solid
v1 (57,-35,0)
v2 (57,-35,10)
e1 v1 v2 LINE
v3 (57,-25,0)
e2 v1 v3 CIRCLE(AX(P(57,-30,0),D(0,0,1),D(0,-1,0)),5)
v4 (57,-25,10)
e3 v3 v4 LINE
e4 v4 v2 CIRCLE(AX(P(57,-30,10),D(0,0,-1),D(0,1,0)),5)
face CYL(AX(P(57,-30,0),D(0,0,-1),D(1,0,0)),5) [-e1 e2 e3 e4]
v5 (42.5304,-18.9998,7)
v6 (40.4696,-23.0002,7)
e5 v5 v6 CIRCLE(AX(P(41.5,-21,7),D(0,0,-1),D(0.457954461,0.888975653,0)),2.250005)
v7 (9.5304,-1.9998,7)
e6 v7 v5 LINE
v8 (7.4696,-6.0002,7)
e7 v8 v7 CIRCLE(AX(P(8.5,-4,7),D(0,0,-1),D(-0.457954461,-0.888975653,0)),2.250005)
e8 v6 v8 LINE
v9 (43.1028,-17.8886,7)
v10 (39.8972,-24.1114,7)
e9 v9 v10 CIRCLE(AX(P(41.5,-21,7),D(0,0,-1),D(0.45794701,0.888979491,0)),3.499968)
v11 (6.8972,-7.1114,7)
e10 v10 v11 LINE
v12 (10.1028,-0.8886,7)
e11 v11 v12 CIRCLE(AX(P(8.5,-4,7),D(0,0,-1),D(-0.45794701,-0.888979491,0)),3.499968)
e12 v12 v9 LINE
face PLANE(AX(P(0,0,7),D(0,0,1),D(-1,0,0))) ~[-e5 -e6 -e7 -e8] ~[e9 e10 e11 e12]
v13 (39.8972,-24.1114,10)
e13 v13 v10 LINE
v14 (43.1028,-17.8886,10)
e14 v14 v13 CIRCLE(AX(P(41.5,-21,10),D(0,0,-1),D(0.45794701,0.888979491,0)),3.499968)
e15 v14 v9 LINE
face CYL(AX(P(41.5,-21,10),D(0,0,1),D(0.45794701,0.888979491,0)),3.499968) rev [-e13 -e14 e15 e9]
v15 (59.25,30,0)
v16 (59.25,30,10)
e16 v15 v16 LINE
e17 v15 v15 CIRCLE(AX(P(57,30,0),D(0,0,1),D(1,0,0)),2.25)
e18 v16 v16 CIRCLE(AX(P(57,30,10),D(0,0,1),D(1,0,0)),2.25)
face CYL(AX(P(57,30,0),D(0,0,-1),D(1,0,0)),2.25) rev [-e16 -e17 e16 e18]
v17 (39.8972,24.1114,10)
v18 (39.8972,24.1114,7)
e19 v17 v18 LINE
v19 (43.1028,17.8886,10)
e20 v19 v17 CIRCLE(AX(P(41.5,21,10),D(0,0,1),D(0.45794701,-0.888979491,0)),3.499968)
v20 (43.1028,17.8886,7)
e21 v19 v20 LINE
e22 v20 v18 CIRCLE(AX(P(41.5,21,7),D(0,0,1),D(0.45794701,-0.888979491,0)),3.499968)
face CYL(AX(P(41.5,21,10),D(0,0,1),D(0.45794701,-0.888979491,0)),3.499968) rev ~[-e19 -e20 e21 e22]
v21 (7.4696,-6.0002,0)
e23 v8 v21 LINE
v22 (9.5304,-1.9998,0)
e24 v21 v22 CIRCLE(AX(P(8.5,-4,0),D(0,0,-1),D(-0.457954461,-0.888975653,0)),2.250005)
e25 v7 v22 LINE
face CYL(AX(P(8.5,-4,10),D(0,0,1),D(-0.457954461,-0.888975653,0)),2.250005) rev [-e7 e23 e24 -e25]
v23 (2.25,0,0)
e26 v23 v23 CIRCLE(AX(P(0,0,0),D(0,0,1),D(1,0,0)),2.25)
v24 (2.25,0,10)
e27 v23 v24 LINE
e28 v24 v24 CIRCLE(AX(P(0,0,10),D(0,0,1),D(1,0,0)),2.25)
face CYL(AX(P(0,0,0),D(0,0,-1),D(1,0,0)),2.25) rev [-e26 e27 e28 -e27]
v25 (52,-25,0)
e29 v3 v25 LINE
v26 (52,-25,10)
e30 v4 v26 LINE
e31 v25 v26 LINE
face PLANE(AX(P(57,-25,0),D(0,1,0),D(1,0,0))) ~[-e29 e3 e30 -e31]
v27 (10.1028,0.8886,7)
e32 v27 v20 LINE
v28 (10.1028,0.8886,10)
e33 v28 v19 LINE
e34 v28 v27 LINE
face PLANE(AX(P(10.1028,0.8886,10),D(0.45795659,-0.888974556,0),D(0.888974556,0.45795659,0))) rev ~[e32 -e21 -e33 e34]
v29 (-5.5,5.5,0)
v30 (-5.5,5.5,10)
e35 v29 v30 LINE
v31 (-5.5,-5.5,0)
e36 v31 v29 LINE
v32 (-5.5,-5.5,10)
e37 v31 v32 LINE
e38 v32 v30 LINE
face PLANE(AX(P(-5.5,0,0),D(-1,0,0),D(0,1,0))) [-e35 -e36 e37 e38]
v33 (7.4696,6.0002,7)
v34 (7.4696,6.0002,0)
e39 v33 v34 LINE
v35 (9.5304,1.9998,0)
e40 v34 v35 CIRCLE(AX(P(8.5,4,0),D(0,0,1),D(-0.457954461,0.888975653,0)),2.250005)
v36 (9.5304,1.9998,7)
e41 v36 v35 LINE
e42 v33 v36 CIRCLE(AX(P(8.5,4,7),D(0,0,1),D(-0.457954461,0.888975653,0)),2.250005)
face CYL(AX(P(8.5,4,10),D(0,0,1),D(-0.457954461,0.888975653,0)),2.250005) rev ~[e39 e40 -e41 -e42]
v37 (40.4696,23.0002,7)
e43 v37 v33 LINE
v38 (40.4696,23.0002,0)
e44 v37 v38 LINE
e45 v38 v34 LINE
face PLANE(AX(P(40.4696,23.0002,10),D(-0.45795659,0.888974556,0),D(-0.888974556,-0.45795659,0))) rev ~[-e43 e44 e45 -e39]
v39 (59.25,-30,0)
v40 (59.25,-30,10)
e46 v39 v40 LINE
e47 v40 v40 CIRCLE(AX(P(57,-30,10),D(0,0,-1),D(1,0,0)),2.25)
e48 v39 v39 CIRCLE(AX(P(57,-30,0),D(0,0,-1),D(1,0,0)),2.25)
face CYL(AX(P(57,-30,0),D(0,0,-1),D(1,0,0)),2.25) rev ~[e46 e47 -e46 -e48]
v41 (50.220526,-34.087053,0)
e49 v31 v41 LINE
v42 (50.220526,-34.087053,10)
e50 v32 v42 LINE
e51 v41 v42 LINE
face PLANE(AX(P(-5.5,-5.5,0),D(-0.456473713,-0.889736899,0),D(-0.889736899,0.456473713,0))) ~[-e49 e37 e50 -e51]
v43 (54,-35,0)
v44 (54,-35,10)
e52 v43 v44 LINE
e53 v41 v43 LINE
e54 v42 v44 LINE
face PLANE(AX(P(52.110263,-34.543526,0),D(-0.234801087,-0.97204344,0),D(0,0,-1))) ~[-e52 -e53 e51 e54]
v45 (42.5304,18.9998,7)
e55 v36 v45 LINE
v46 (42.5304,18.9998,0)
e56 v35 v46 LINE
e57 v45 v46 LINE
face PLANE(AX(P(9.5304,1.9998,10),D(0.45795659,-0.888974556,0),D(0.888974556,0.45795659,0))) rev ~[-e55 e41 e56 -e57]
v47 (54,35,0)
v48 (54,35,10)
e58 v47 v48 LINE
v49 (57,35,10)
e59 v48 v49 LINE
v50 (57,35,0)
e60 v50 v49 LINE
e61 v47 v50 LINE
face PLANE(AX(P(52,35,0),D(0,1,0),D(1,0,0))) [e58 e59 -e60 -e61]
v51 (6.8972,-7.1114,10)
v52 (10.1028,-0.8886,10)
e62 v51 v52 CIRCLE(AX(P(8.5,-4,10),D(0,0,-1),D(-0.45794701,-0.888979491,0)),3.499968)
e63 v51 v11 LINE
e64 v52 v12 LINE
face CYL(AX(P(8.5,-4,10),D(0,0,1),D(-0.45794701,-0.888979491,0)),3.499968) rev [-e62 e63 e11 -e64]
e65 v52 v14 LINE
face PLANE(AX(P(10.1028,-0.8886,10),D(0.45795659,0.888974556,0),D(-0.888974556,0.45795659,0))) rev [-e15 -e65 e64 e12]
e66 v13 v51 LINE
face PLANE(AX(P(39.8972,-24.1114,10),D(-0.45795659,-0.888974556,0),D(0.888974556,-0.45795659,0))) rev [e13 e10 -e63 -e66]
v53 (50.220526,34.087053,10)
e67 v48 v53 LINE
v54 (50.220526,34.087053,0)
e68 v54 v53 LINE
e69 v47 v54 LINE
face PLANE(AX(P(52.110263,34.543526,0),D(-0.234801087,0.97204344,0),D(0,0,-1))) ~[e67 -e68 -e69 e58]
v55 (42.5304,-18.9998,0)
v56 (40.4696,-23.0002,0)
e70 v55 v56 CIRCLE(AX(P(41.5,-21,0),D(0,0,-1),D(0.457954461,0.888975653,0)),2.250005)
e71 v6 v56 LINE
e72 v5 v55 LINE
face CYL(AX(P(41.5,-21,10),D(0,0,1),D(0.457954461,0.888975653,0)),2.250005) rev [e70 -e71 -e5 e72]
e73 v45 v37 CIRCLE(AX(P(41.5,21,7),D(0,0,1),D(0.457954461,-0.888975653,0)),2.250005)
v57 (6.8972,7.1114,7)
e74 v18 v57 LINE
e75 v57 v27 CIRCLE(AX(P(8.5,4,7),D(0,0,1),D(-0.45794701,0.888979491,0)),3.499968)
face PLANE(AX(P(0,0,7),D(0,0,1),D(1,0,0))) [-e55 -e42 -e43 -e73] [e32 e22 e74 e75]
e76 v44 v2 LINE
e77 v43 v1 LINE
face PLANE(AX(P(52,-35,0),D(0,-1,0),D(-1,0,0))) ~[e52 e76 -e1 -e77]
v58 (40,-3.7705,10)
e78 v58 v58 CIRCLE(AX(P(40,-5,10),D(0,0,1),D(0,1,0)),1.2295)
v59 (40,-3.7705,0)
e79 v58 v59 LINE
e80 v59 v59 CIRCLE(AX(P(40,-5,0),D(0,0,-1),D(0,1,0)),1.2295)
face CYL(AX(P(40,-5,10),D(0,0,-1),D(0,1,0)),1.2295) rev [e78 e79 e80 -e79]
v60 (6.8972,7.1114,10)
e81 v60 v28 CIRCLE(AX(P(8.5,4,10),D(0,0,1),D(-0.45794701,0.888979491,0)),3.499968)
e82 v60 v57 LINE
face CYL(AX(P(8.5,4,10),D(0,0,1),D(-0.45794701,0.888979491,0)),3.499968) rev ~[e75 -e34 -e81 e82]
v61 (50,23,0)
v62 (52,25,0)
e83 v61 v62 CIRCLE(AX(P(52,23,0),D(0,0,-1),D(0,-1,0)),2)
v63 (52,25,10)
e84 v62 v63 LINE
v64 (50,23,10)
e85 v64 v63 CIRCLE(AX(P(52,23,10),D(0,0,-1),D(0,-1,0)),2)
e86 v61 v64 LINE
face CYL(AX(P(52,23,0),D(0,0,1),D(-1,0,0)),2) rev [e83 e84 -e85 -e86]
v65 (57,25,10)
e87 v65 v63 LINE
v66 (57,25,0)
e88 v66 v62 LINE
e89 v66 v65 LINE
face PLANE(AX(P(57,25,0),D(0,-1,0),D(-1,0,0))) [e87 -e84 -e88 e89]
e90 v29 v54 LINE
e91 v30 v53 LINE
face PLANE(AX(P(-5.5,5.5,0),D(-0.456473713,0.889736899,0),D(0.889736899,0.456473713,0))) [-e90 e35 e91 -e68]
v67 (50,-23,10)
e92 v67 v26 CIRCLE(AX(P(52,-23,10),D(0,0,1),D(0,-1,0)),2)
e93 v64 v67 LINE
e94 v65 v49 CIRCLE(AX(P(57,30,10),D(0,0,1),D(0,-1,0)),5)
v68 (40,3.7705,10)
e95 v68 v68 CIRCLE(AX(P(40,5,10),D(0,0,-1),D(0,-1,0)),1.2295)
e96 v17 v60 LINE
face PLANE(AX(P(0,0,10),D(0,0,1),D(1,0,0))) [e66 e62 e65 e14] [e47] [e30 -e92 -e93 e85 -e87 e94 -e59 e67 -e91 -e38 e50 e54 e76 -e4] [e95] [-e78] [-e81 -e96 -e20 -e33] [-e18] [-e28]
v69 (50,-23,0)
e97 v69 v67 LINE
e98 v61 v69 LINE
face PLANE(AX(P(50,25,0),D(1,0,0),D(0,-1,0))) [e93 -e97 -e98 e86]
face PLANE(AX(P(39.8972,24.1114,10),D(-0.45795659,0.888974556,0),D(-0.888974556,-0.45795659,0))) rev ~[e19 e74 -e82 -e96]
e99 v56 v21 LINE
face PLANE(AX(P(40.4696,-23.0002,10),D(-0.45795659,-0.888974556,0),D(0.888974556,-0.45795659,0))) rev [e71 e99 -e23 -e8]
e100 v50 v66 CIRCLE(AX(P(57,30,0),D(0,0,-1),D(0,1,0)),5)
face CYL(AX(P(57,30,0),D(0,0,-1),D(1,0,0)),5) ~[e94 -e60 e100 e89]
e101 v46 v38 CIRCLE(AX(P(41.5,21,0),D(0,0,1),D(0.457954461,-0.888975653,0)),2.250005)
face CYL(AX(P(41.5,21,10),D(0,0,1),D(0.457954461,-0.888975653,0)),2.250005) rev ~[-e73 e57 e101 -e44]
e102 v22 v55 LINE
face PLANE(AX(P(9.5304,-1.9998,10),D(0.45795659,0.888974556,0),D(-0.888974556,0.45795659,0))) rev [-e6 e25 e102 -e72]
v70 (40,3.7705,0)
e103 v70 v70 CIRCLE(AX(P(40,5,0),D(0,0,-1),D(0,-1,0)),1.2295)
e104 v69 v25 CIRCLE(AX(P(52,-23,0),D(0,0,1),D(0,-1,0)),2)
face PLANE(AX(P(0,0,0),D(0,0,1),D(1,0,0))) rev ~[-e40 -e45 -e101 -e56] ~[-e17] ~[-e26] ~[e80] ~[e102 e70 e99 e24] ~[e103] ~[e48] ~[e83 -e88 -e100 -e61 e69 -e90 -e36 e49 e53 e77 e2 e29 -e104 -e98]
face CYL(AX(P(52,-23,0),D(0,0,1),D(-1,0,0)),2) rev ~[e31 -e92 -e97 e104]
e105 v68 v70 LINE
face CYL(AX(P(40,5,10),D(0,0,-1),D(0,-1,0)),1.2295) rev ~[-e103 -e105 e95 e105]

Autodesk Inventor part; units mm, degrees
ref_plane "YZ Plane" through (0, 0, 0) normal (1, 0, 0) x (0, 1, 0)
ref_plane "XZ Plane" through (0, 0, 0) normal (0, 1, 0) x (-1, 0, 0)
ref_plane "XY Plane" through (0, 0, 0) normal (0, 0, 1) x (1, 0, 0)
sketch "Sketch1" plane through (0, 0, 0) normal (0, 0, 1) x (1, 0, 0)
  arc A0 (2.25, 0) -> (-2.25, 0) centre (0, 0) ccw
  line L0 (0, 0) -> (-2.25, 0) construction
  line L1 (0, 0) -> (2.25, 0) construction
  line L2 (5.5, 0) -> (-5.5, 0)
  line L3 (-5.5, 0) -> (-5.5, 5.5)
  line L4 (-5.5, 5.5) -> (5.5, 5.5)
  line L5 (5.5, 5.5) -> (5.5, 0)
  line L6 (-19, 0) -> (75.5, 0) projected
  circle A1 centre (57, 30) radius 2.25
  circle A2 centre (57, 30) radius 5
  line L7 (-5.5, 5.5) -> (52, 35)
  line L8 (52, 35) -> (57, 35)
  line L9 (57, 25) -> (50, 25)
  line L10 (50, 25) -> (50, 0)
  line L11 (-5.5, 0) -> (50, 0)
  point P0 (52, 30)
  point P1 (-2.25, 0)
  point P2 (50, 0)
  dimension "d0" = 2.25
  dimension "d1" = 180
  dimension "d2" = 11
  dimension "d3" = 5.5
  dimension "d4" = 4.5
  dimension "d5" = 10
  dimension "d6" = 25
  dimension "d7" = 90
  dimension "d8" = 55.5
  dimension "d42" = 64.6258
  dimension "d43" = 5
extrude "Extrusion1" add sketch "Sketch1" along normal blind 10 contours A0 L2 L3 L4 L5 | L5 L4 L7 L8 A2 L9 L10 L6 | A2
mirror "Mirror1" about plane through (0, 0, 0) normal (0, 1, 0)
fillet "Fillet1" radius 2 2 edges at (50, 25, 5) (50, -25, 5)
sketch "Sketch2" plane through (0, 0, 10) normal (0, 0, 1) x (1, 0, 0)
  circle A0 centre (0, 0) radius 2.25 projected
  line L0 (0, 0) -> (69.506, 0)
  line L1 (0, 0) -> (0, 32.0889)
  line L2 (41.5, 21) -> (8.5, 4) construction
  line L3 (40.4696, 23.0002) -> (7.4696, 6.0002)
  line L4 (9.5304, 1.9998) -> (42.5304, 18.9998)
  arc A1 (42.5304, 18.9998) -> (40.4696, 23.0002) centre (41.5, 21) ccw
  arc A2 (7.4696, 6.0002) -> (9.5304, 1.9998) centre (8.5, 4) ccw
  line L5 (41.5, 21) -> (8.5, 4) construction
  line L6 (39.8972, 24.1114) -> (6.8972, 7.1114)
  line L7 (10.1028, 0.8886) -> (43.1028, 17.8886)
  arc A3 (43.1028, 17.8886) -> (39.8972, 24.1114) centre (41.5, 21) ccw
  arc A4 (6.8972, 7.1114) -> (10.1028, 0.8886) centre (8.5, 4) ccw
  arc A5 (52, 25) -> (50, 23) centre (52, 23) ccw construction
  line L8 (52, 25) -> (57, 25) construction
  arc A6 (57, 25) -> (57, 35) centre (57, 30) ccw construction
  line L9 (57, 35) -> (52, 35) construction
  line L10 (52, 35) -> (-5.5, 5.5) construction
  line L11 (-5.5, 5.5) -> (-5.5, -5.5) construction
  line L12 (52, -35) -> (-5.5, -5.5) construction
  line L13 (57, -35) -> (52, -35) construction
  arc A7 (57, -35) -> (57, -25) centre (57, -30) ccw construction
  line L14 (52, -25) -> (57, -25) construction
  arc A8 (50, -23) -> (52, -25) centre (52, -23) ccw construction
  line L15 (50, 23) -> (50, -23) construction
  circle A9 centre (57, -30) radius 2.25 construction
  circle A10 centre (0, 0) radius 2.25 construction
  circle A11 centre (57, 30) radius 2.25 construction
  point P0 (25, 12.5)
  point P1 (25, 12.5)
  dimension "d15" = 4.5
  dimension "d16" = 7
  dimension "d38" = 47
  dimension "d39" = 14
  dimension "d40" = 4
  dimension "d41" = 21
extrude "Extrusion2" cut sketch "Sketch2" against normal blind 3 contours A3 L7 A4 L6
sketch "Sketch3" plane through (0, 0, 10) normal (0, 0, 1) x (1, 0, 0)
  arc A0 (42.5304, 18.9998) -> (40.4696, 23.0002) centre (41.5, 21) ccw projected
  arc A1 (7.4696, 6.0002) -> (9.5304, 1.9998) centre (8.5, 4) ccw projected
  line L0 (41.5, 21) -> (8.5, 4) construction
  line L1 (40.4696, 23.0002) -> (7.4696, 6.0002)
  line L2 (9.5304, 1.9998) -> (42.5304, 18.9998)
  arc A2 (42.5304, 18.9998) -> (40.4696, 23.0002) centre (41.5, 21) ccw
  arc A3 (7.4696, 6.0002) -> (9.5304, 1.9998) centre (8.5, 4) ccw
  point P0 (0, 0)
  point P1 (25, 12.5)
  dimension "d19" = 4.5
extrude "Extrusion3" cut sketch "Sketch3" against normal blind 10
mirror "Mirror2" about plane through (0, 0, 0) normal (0, 1, 0) of "Extrusion2", "Extrusion1", "Extrusion3"
sketch "Sketch4" plane through (0, 0, 10) normal (0, 0, 1) x (1, 0, 0)
  circle A0 centre (40, 5) radius 1.75
  point P0 (0, 0)
  dimension "d24" = 3.5
hole "Hole1" at (40, 5, 10) direction (0, 0, -1) diameter 2.459 end through all thread size "M3x0.5" class "6H" standard "ISO Metric profile"
mirror "Mirror6" about plane through (0, 0, 0) normal (0, 1, 0) of "Hole1", "Extrusion2", "Extrusion3"
chamfer "Chamfer1" distance 2 angle 45 1 edges at (52, 35, 5)
chamfer "Chamfer2" distance 2 angle 45 1 edges at (52, -35, 5)
properties part number "V structure"
